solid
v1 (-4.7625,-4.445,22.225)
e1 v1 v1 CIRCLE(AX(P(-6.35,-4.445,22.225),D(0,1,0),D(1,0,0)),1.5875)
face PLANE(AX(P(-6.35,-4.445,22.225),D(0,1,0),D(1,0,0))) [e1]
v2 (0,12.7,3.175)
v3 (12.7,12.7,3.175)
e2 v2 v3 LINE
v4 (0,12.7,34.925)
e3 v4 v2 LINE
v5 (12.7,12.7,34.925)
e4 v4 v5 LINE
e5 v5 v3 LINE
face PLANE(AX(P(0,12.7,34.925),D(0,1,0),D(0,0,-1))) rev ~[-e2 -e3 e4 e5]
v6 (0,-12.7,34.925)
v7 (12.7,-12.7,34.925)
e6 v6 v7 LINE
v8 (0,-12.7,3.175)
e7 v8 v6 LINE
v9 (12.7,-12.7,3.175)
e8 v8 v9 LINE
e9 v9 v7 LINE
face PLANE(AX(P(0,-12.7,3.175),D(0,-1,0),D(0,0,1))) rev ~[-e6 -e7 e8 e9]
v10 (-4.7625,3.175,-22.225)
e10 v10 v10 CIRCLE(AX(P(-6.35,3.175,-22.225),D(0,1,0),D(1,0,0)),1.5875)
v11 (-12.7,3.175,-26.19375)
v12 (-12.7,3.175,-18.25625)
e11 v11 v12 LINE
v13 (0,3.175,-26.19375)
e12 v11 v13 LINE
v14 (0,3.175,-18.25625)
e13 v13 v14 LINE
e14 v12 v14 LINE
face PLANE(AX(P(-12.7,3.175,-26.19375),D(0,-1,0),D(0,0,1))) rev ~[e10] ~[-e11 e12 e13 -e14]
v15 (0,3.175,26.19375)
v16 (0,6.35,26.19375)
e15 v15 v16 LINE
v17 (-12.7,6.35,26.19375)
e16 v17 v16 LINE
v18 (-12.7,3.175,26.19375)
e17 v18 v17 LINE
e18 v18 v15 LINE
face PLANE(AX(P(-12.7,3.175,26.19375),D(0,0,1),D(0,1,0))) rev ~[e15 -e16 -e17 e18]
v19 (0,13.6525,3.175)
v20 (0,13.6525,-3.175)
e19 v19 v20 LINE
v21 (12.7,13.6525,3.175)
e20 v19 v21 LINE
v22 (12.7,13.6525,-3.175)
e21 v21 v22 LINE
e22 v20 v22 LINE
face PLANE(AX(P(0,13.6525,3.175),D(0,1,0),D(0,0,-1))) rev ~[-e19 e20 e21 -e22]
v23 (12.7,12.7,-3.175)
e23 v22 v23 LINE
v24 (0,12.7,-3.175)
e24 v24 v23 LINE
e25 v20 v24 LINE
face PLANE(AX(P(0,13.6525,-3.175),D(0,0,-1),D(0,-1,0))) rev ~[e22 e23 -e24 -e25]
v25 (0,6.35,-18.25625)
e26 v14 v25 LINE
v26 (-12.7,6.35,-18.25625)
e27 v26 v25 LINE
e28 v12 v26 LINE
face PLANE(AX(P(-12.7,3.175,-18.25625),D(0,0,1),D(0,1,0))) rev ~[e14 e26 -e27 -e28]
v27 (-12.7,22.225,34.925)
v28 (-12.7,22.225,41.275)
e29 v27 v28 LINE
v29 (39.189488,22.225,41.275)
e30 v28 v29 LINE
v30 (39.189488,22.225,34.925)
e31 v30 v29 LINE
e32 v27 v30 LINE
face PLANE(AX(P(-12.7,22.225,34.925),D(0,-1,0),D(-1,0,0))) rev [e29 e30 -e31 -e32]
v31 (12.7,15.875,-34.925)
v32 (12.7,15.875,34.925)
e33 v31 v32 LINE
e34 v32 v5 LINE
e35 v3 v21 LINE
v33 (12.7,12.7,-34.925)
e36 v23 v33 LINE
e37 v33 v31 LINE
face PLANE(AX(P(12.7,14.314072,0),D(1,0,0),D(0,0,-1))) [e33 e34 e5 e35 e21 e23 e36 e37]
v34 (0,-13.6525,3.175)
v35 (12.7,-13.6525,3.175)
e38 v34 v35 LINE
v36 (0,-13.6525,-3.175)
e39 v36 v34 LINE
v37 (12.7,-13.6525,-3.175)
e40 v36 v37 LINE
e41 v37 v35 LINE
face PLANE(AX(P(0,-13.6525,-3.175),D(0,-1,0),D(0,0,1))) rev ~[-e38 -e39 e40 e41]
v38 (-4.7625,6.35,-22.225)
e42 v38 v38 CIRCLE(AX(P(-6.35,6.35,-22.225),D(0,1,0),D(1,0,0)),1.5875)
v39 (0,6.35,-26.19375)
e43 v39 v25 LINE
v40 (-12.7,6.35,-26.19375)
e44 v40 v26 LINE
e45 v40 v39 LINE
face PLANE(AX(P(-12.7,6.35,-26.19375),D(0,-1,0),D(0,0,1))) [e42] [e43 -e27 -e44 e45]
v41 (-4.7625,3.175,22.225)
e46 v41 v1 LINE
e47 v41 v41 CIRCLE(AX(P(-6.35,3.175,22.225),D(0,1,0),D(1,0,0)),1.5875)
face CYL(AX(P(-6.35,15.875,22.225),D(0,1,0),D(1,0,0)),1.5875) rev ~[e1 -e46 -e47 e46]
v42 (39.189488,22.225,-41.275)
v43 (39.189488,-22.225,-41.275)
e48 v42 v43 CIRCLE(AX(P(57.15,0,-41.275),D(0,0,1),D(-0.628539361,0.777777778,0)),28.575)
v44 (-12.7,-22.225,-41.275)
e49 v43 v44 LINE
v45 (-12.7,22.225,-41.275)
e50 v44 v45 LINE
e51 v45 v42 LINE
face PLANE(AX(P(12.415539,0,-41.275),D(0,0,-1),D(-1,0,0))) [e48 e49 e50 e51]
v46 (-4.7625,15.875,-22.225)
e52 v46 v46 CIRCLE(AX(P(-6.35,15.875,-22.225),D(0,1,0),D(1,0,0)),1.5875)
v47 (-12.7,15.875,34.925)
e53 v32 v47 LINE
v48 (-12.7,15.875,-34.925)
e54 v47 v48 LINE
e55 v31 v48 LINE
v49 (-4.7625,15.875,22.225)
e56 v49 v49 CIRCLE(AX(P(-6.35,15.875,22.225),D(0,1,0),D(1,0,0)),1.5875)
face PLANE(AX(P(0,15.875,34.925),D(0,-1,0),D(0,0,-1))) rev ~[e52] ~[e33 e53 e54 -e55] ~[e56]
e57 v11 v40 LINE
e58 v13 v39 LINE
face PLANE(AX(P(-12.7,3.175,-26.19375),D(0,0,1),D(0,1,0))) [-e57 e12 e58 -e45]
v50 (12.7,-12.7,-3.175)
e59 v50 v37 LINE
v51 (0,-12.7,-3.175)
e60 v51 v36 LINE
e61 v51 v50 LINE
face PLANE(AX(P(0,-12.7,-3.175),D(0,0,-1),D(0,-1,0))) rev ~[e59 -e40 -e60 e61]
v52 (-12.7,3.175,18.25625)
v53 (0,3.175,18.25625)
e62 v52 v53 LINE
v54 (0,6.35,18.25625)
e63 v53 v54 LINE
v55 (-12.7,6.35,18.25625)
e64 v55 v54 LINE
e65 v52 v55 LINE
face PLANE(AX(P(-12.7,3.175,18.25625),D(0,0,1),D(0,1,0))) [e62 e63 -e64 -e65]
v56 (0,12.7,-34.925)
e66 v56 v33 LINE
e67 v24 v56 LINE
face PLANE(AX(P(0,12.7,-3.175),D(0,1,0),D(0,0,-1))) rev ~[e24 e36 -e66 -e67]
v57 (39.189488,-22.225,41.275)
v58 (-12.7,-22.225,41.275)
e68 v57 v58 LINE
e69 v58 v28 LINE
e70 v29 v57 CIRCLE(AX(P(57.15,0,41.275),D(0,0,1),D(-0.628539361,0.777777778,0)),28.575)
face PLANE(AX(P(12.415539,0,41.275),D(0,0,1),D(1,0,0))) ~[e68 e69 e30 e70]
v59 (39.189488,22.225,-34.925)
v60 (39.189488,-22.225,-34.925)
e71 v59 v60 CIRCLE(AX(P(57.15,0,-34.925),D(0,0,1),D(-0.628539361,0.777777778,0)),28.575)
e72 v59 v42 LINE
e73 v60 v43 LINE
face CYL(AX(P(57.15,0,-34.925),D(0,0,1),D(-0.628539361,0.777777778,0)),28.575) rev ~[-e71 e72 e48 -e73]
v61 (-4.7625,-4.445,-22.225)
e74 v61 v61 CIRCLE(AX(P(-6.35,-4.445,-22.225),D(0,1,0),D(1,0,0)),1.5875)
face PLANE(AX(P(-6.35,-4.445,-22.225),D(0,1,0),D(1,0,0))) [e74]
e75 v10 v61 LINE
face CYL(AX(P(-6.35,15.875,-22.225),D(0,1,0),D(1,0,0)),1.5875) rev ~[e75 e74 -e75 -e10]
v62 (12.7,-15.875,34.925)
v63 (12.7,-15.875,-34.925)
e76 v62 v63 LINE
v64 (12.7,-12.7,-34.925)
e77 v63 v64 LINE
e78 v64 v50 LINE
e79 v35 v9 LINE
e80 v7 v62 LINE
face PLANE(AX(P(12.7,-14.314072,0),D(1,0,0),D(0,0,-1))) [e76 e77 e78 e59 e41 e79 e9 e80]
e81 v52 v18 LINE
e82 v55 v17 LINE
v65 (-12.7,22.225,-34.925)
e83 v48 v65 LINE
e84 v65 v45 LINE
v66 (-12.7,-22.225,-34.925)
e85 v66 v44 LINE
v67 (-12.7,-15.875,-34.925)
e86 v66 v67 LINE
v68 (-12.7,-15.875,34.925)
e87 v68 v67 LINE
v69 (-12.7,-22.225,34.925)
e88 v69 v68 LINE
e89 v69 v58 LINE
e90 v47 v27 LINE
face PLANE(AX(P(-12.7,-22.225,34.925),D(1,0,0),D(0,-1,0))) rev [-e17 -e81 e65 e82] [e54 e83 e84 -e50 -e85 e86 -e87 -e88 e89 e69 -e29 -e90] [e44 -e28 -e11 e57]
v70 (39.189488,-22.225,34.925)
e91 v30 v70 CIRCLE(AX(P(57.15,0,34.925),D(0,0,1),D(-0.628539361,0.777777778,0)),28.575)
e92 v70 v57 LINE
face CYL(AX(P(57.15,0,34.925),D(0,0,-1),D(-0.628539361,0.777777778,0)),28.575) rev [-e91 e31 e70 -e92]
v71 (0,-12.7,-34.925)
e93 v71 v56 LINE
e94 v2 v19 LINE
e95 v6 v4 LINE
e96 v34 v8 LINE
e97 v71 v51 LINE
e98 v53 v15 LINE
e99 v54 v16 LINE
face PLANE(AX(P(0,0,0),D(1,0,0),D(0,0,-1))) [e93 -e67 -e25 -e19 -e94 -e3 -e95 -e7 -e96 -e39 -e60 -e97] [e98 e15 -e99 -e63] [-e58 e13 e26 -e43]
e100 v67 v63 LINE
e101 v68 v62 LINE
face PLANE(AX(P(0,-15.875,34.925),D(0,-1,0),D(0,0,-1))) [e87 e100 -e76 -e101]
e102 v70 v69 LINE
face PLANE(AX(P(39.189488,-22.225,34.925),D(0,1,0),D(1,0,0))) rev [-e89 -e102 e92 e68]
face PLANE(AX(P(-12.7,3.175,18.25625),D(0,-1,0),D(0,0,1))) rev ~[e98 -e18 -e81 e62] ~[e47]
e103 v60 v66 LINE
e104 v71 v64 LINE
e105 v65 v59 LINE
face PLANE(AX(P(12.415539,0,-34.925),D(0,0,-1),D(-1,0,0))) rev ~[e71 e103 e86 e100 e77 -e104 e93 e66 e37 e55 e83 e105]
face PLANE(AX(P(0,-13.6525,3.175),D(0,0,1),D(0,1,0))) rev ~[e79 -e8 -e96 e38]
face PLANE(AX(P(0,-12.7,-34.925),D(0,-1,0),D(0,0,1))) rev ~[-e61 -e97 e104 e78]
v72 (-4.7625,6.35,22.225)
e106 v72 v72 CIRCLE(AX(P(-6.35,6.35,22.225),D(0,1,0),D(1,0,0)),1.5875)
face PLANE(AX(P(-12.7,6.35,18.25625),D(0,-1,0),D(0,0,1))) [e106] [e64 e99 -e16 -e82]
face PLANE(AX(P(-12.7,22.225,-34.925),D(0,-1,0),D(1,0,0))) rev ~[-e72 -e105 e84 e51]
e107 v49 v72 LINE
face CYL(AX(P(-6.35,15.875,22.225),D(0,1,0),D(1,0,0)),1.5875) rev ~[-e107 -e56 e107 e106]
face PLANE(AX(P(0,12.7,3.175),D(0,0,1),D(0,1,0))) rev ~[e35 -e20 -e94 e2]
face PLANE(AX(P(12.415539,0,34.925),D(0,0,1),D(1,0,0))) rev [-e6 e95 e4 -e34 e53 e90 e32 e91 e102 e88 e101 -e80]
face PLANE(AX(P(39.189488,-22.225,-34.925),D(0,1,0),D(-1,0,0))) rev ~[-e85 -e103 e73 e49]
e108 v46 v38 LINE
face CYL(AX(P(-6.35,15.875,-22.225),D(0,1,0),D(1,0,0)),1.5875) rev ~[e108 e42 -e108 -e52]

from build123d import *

# Parameters (mm, degrees)
BOSS_EXTRUDE1_DEPTH   = 12.7
BOSS_EXTRUDE1_2_DEPTH = 12.7
SKETCH1_3_W           = 69.85
SKETCH1_3_H           = 31.75
BOSS_EXTRUDE2_DEPTH   = 12.7
BOSS_EXTRUDE3_DEPTH   = 6.35
SKETCH4_R             = 1.5875
CUT_EXTRUDE1_DEPTH    = 20.32
SKETCH5_W             = 7.9375
SKETCH5_H             = 3.175
CUT_EXTRUDE2_DEPTH    = 12.7


with BuildPart() as part:
    # Sketch1 → Boss-Extrude1 (new body)
    with BuildSketch(Plane(origin=(0, 0, 0), x_dir=(0, 0, -1), z_dir=(1, 0, 0))):
        Polygon((3.175, -13.6525), (-3.175, -13.6525), (-3.175, -12.7), (-34.925, -12.7), (-34.925, -15.875), (34.925, -15.875), (34.925, -12.7), (3.175, -12.7), align=None)
    extrude(amount=BOSS_EXTRUDE1_DEPTH)



with BuildPart() as body_2:
    # Sketch1 → Boss-Extrude1 2 (new body)
    with BuildSketch(Plane(origin=(0, 0, 0), x_dir=(0, 0, -1), z_dir=(1, 0, 0))):
        Polygon((-34.925, 15.875), (-34.925, 12.7), (-3.175, 12.7), (-3.175, 13.6525), (3.175, 13.6525), (3.175, 12.7), (34.925, 12.7), (34.925, 15.875), align=None)
    extrude(amount=BOSS_EXTRUDE1_2_DEPTH)


with BuildPart() as part_1:
    add(part.part)

    add(body_2.part)  # Boss-Extrude2 merges body 2
    # Sketch1<3> → Boss-Extrude2 (add)
    with BuildSketch(Plane(origin=(0, 0, 0), x_dir=(0, 0, -1), z_dir=(1, 0, 0))):
        Rectangle(SKETCH1_3_W, SKETCH1_3_H)
    extrude(amount=-BOSS_EXTRUDE2_DEPTH)

    # Sketch3 → Boss-Extrude3 (add)
    with BuildSketch(Plane(origin=(0, 0, -34.925), x_dir=(-1, 0, 0), z_dir=(0, 0, -1))):
        with BuildLine():
            Line((-39.189487758, -22.225), (12.7, -22.225))
            Line((12.7, -22.225), (12.7, 22.225))
            Line((12.7, 22.225), (-39.189487758, 22.225))
            ThreePointArc((-39.189487758, 22.225), (-28.575, 0), (-39.189487758, -22.225))
        make_face()
    boss_extrude3 = extrude(amount=BOSS_EXTRUDE3_DEPTH)

    # Mirror1: Boss-Extrude3 across plane
    add(boss_extrude3.mirror(Plane.XY))

    # Sketch4 → Cut-Extrude1 (cut)
    with BuildSketch(Plane(origin=(0, 15.875, 0), x_dir=(1, 0, 0), z_dir=(0, 1, 0))):
        with Locations((-6.35, 22.225)):
            Circle(SKETCH4_R)
        with Locations((-6.35, -22.225)):
            Circle(SKETCH4_R)
    extrude(amount=-CUT_EXTRUDE1_DEPTH, mode=Mode.SUBTRACT)

    # Sketch5 → Cut-Extrude2 (cut)
    with BuildSketch(Plane.ZY.offset(12.7)):
        with Locations((-22.225, 4.7625)):
            Rectangle(SKETCH5_W, SKETCH5_H)
        with Locations((22.225, 4.7625)):
            Rectangle(SKETCH5_W, SKETCH5_H)
    extrude(amount=-CUT_EXTRUDE2_DEPTH, mode=Mode.SUBTRACT)


solid = part_1.part
